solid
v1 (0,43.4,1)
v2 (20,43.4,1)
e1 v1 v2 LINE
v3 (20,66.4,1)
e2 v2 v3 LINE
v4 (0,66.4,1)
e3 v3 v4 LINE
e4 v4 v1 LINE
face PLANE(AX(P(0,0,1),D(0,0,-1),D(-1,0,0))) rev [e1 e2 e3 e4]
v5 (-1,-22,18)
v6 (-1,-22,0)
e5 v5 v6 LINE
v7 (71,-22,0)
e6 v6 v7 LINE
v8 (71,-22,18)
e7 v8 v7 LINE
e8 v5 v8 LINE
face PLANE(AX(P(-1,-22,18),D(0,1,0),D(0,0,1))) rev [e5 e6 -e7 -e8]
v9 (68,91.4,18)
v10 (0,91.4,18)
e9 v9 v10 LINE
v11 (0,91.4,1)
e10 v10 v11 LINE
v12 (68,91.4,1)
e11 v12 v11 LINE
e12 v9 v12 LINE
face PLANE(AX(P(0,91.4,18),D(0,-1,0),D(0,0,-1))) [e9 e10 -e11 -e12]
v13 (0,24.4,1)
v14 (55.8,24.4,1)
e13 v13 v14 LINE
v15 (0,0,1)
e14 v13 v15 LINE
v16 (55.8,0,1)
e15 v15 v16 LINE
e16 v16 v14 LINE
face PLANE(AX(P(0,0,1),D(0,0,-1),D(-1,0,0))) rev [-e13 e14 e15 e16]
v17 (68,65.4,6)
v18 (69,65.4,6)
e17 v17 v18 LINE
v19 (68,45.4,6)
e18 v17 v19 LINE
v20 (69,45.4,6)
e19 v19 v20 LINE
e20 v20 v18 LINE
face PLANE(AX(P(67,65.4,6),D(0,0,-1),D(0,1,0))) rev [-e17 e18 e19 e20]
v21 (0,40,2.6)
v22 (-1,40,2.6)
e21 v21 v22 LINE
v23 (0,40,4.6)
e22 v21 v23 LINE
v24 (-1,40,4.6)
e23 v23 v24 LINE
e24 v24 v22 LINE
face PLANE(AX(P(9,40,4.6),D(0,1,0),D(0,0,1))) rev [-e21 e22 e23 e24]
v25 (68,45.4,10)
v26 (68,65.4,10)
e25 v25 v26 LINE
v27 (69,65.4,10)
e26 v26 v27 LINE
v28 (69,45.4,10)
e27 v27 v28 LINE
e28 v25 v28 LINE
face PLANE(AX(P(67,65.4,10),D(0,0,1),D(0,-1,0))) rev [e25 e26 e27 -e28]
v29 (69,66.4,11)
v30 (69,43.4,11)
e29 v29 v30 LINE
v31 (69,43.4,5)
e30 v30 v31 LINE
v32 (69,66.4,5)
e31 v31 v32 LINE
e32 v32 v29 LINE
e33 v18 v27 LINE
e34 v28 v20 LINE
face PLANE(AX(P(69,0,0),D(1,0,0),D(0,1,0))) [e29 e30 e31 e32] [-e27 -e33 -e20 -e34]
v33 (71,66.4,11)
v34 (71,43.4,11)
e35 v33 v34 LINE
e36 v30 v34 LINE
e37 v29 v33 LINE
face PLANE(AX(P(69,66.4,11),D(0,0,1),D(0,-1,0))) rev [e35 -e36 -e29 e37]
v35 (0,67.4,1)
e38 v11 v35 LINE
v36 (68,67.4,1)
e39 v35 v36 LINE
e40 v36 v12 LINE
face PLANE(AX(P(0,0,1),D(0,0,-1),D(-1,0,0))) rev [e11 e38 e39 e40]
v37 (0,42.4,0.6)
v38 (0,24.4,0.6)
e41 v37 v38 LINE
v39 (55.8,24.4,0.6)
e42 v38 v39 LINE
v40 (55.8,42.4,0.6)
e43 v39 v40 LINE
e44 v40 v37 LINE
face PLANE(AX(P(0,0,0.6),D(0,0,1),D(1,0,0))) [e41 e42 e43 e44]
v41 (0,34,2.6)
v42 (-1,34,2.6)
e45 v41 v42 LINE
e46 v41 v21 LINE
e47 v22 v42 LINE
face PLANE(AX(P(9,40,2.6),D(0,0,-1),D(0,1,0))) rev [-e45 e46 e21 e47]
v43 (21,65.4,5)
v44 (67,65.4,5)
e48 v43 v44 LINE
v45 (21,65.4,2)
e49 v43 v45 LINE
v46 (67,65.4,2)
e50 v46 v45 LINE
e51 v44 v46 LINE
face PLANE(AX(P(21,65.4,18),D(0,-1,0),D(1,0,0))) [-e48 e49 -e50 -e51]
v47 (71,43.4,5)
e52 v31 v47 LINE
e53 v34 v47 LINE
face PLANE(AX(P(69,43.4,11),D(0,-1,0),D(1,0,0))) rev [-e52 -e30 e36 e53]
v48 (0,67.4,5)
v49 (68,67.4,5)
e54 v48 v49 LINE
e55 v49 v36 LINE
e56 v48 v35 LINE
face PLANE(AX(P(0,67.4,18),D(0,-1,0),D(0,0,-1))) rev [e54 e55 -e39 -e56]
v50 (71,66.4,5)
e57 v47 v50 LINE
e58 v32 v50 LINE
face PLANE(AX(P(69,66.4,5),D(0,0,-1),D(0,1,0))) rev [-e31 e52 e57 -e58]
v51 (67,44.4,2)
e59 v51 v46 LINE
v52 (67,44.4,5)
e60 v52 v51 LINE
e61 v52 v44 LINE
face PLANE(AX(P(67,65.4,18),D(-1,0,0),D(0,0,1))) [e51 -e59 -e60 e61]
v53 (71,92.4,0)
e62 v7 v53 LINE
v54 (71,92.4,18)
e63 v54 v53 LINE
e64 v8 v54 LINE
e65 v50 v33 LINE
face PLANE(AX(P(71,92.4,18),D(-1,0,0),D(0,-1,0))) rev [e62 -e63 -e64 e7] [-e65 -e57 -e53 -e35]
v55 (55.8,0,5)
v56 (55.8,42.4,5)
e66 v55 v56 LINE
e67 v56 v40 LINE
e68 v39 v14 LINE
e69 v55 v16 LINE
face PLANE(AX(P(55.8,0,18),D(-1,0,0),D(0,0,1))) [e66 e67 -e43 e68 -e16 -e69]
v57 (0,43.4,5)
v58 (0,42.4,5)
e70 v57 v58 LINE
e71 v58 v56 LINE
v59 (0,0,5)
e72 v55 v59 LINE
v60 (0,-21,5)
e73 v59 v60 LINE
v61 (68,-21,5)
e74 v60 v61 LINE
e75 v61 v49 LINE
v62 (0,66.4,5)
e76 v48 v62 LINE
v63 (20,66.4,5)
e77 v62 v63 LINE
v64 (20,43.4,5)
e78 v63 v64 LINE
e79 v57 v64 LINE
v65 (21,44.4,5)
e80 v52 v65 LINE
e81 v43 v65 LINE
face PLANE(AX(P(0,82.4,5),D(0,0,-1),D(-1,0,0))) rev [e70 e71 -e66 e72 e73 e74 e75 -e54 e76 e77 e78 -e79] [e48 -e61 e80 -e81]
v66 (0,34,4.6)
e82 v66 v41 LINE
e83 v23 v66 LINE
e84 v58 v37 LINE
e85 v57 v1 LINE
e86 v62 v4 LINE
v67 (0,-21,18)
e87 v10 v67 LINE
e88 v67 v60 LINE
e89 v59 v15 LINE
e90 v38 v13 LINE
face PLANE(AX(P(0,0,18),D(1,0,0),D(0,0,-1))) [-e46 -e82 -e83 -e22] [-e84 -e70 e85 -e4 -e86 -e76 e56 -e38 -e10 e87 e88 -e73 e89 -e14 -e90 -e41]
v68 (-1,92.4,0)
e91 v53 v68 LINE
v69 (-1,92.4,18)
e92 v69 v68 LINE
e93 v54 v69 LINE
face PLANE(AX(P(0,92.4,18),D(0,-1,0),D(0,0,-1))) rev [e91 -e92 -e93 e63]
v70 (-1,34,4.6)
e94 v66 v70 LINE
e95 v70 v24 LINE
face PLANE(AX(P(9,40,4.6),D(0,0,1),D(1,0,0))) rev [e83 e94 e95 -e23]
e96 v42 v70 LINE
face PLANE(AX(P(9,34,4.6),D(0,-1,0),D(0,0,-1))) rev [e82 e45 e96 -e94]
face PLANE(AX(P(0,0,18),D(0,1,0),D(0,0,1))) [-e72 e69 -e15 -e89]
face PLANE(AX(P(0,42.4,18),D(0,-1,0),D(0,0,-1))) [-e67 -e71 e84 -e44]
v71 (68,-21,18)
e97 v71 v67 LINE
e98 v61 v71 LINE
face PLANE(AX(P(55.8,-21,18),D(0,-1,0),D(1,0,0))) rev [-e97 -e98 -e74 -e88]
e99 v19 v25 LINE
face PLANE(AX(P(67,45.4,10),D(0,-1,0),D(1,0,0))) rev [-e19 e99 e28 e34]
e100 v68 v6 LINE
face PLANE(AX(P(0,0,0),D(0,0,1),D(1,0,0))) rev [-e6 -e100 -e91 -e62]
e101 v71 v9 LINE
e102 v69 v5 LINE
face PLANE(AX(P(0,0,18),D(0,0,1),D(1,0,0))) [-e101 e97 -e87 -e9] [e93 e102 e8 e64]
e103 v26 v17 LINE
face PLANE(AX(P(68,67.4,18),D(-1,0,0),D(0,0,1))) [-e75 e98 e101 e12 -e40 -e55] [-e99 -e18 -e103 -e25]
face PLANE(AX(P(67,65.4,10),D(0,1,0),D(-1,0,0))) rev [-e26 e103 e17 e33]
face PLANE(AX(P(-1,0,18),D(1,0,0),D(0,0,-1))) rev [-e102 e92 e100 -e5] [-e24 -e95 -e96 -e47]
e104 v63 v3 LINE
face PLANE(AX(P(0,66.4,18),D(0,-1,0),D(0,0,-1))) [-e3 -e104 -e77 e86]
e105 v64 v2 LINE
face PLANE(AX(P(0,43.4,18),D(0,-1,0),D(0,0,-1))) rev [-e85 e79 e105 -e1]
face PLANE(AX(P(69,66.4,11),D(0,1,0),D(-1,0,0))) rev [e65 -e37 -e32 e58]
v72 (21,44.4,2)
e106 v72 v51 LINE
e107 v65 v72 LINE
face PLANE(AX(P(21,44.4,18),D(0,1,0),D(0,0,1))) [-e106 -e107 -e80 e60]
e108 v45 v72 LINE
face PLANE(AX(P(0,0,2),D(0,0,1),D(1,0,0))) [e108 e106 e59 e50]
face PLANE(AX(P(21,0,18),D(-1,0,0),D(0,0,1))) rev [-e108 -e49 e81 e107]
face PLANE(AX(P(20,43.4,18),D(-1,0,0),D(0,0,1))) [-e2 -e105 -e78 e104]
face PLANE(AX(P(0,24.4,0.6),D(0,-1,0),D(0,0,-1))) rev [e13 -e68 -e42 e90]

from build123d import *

# Parameters (mm, degrees)
SKICA1_W                       = 57.8
SKICA1_H                       = 44.4
SKICA1_W_2                     = 55.8
SKICA1_H_2                     = 42.4
VYSUNOUT_TENKOST_NN_1_DEPTH    = 18
SKICA1_2_W                     = 55.8
SKICA1_2_H                     = 42.4
P_IDAT_VYSUNUT_M1_DEPTH        = 1
SKICA2_W                       = 55.8
SKICA2_H                       = 1
ODEBRAT_VYSUNUT_M3_DEPTH       = 13
SKICA3_W                       = 2
SKICA3_H                       = 6
ODEBRAT_VYSUNUT_M4_DEPTH       = 10
SKICA4_W                       = 55.8
SKICA4_H                       = 18
ODEBRAT_VYSUNUT_M5_DEPTH       = 0.4
SKICA5_W                       = 22
SKICA5_H                       = 25
SKICA5_W_2                     = 20
SKICA5_H_2                     = 23
VYSUNOUT_TENKOST_NN_2_DEPTH    = 18
SKICA5_2_W                     = 20
SKICA5_2_H                     = 23
P_IDAT_VYSUNUT_M2_DEPTH        = 1
SKICA7_W                       = 48
SKICA7_H                       = 23
SKICA7_W_2                     = 46
SKICA7_H_2                     = 21
VYSUNOUT_TENKOST_NN_3_DEPTH    = 18
SKICA7_2_W                     = 46
SKICA7_2_H                     = 21
P_IDAT_VYSUNUT_M3_DEPTH        = 2
SKICA8_W                       = 68
SKICA8_H                       = 24
P_IDAT_VYSUNUT_M4_DEPTH        = 1
SKICA8_2_W                     = 70
SKICA8_2_H                     = 26
SKICA8_2_W_2                   = 68
SKICA8_2_H_2                   = 24
VYSUNOUT_TENKOST_NN_4_DEPTH    = 18
P_IDAT_VYSUNUT_M5_DEPTH        = 18
SKICA10_W                      = 6
SKICA10_H                      = 23
ODEBRAT_VYSUNUT_M7_DEPTH       = 2
SKICA15_W                      = 55.8
SKICA15_H                      = 13
ODEBRAT_VYSUNUT_M13_DEPTH      = 40
SKICA17_W                      = 68
SKICA17_H                      = 20
P_IDAT_VYSUNUT_M6_DEPTH        = 5
P_IDAT_VYSUNUT_M7_DEPTH        = 18
ODEBRAT_VYSUNUT_M14_DEPTH      = 86.4
ODEBRAT_VYSUNUT_M14_DEPTH_BACK = 10
SKICA16_W                      = 12.2
SKICA16_H                      = 13
SKICA19_W                      = 4
SKICA19_H                      = 20
ODEBRAT_VYSUNUT_M15_DEPTH      = 2


with BuildPart() as part:
    # Skica1 → Vysunout tenkostěnný1 (new body)
    with BuildSketch(Plane.XY):
        with Locations((27.9, 21.2)):
            Rectangle(SKICA1_W, SKICA1_H)
        with Locations((27.9, 21.2)):
            Rectangle(SKICA1_W_2, SKICA1_H_2, mode=Mode.SUBTRACT)
    extrude(amount=VYSUNOUT_TENKOST_NN_1_DEPTH)

    # Skica1<2> → Přidat vysunutím1 (add)
    with BuildSketch(Plane.XY):
        with Locations((27.9, 21.2)):
            Rectangle(SKICA1_2_W, SKICA1_2_H)
    extrude(amount=P_IDAT_VYSUNUT_M1_DEPTH)

    # Skica2 → Odebrat vysunutím3 (cut)
    with BuildSketch(Plane.XY.offset(18)):
        with Locations((27.9, -0.5)):
            Rectangle(SKICA2_W, SKICA2_H)
    extrude(amount=-ODEBRAT_VYSUNUT_M3_DEPTH, mode=Mode.SUBTRACT)

    # Skica3 → Odebrat vysunutím4 (cut)
    with BuildSketch(Plane.ZY.offset(1)):
        with Locations((3.6, 37)):
            Rectangle(SKICA3_W, SKICA3_H)
    extrude(amount=-ODEBRAT_VYSUNUT_M4_DEPTH, mode=Mode.SUBTRACT)

    # Skica4 → Odebrat vysunutím5 (cut)
    with BuildSketch(Plane.XY.offset(1)):
        with Locations((27.9, 33.4)):
            Rectangle(SKICA4_W, SKICA4_H)
    extrude(amount=-ODEBRAT_VYSUNUT_M5_DEPTH, mode=Mode.SUBTRACT)

    # Skica5 → Vysunout tenkostěnný2 (add)
    with BuildSketch(Plane.XY):
        with Locations((10, 54.9)):
            Rectangle(SKICA5_W, SKICA5_H)
        with Locations((10, 54.9)):
            Rectangle(SKICA5_W_2, SKICA5_H_2, mode=Mode.SUBTRACT)
    extrude(amount=VYSUNOUT_TENKOST_NN_2_DEPTH)

    # Skica5<2> → Přidat vysunutím2 (add)
    with BuildSketch(Plane.XY):
        with Locations((10, 54.9)):
            Rectangle(SKICA5_2_W, SKICA5_2_H)
    extrude(amount=P_IDAT_VYSUNUT_M2_DEPTH)

    # Skica7 → Vysunout tenkostěnný3 (add)
    with BuildSketch(Plane.XY):
        with Locations((44, 54.9)):
            Rectangle(SKICA7_W, SKICA7_H)
        with Locations((44, 54.9)):
            Rectangle(SKICA7_W_2, SKICA7_H_2, mode=Mode.SUBTRACT)
    extrude(amount=VYSUNOUT_TENKOST_NN_3_DEPTH)

    # Skica7<2> → Přidat vysunutím3 (add)
    with BuildSketch(Plane.XY):
        with Locations((44, 54.9)):
            Rectangle(SKICA7_2_W, SKICA7_2_H)
    extrude(amount=P_IDAT_VYSUNUT_M3_DEPTH)

    # Skica8 → Přidat vysunutím4 (add)
    with BuildSketch(Plane.XY):
        with Locations((34, 79.4)):
            Rectangle(SKICA8_W, SKICA8_H)
    extrude(amount=P_IDAT_VYSUNUT_M4_DEPTH)

    # Skica8<2> → Vysunout tenkostěnný4 (add)
    with BuildSketch(Plane.XY):
        with Locations((34, 79.4)):
            Rectangle(SKICA8_2_W, SKICA8_2_H)
        with Locations((34, 79.4)):
            Rectangle(SKICA8_2_W_2, SKICA8_2_H_2, mode=Mode.SUBTRACT)
    extrude(amount=VYSUNOUT_TENKOST_NN_4_DEPTH)

    # Skica9 → Přidat vysunutím5 (add)
    with BuildSketch(Plane.XY):
        Polygon((71, 92.4), (71, -1), (56.8, -1), (56.8, 43.4), (68, 43.4), (68, 92.4), align=None)
    extrude(amount=P_IDAT_VYSUNUT_M5_DEPTH)

    # Skica10 → Odebrat vysunutím7 (cut)
    with BuildSketch(Plane(origin=(71, 0, 0), x_dir=(0, 0, -1), z_dir=(1, 0, 0))):
        with Locations((-8, 54.9)):
            Rectangle(SKICA10_W, SKICA10_H)
    extrude(amount=-ODEBRAT_VYSUNUT_M7_DEPTH, mode=Mode.SUBTRACT)

    # Skica15 → Odebrat vysunutím13 (cut)
    with BuildSketch(Plane.XZ.offset(-42.4)):
        with Locations((27.9, 11.5)):
            Rectangle(SKICA15_W, SKICA15_H)
    extrude(amount=-ODEBRAT_VYSUNUT_M13_DEPTH, mode=Mode.SUBTRACT)

    # Skica17 → Přidat vysunutím6 (add)
    with BuildSketch(Plane.XY):
        with Locations((34, -11)):
            Rectangle(SKICA17_W, SKICA17_H)
    extrude(amount=P_IDAT_VYSUNUT_M6_DEPTH)

    # Skica18 → Přidat vysunutím7 (add)
    with BuildSketch(Plane.XY):
        Polygon((-1, -22), (71, -22), (71, -1), (55.8, -1), (55.8, -21), (0, -21), (0, -1), (-1, -1), align=None)
    extrude(amount=P_IDAT_VYSUNUT_M7_DEPTH)

    # Skica16 → Odebrat vysunutím14 (cut, two sides: drawn at the far end of the back side and taken through both)
    with BuildSketch(Plane.XZ.offset(-65.4).offset(-ODEBRAT_VYSUNUT_M14_DEPTH_BACK)):
        with Locations((61.9, 11.5)):
            Rectangle(SKICA16_W, SKICA16_H)
    extrude(amount=ODEBRAT_VYSUNUT_M14_DEPTH + ODEBRAT_VYSUNUT_M14_DEPTH_BACK, mode=Mode.SUBTRACT)

    # Skica19 → Odebrat vysunutím15 (cut)
    with BuildSketch(Plane(origin=(69, 0, 0), x_dir=(0, 0, -1), z_dir=(1, 0, 0))):
        with Locations((-8, 55.4)):
            Rectangle(SKICA19_W, SKICA19_H)
    extrude(amount=-ODEBRAT_VYSUNUT_M15_DEPTH, mode=Mode.SUBTRACT)


solid = part.part
